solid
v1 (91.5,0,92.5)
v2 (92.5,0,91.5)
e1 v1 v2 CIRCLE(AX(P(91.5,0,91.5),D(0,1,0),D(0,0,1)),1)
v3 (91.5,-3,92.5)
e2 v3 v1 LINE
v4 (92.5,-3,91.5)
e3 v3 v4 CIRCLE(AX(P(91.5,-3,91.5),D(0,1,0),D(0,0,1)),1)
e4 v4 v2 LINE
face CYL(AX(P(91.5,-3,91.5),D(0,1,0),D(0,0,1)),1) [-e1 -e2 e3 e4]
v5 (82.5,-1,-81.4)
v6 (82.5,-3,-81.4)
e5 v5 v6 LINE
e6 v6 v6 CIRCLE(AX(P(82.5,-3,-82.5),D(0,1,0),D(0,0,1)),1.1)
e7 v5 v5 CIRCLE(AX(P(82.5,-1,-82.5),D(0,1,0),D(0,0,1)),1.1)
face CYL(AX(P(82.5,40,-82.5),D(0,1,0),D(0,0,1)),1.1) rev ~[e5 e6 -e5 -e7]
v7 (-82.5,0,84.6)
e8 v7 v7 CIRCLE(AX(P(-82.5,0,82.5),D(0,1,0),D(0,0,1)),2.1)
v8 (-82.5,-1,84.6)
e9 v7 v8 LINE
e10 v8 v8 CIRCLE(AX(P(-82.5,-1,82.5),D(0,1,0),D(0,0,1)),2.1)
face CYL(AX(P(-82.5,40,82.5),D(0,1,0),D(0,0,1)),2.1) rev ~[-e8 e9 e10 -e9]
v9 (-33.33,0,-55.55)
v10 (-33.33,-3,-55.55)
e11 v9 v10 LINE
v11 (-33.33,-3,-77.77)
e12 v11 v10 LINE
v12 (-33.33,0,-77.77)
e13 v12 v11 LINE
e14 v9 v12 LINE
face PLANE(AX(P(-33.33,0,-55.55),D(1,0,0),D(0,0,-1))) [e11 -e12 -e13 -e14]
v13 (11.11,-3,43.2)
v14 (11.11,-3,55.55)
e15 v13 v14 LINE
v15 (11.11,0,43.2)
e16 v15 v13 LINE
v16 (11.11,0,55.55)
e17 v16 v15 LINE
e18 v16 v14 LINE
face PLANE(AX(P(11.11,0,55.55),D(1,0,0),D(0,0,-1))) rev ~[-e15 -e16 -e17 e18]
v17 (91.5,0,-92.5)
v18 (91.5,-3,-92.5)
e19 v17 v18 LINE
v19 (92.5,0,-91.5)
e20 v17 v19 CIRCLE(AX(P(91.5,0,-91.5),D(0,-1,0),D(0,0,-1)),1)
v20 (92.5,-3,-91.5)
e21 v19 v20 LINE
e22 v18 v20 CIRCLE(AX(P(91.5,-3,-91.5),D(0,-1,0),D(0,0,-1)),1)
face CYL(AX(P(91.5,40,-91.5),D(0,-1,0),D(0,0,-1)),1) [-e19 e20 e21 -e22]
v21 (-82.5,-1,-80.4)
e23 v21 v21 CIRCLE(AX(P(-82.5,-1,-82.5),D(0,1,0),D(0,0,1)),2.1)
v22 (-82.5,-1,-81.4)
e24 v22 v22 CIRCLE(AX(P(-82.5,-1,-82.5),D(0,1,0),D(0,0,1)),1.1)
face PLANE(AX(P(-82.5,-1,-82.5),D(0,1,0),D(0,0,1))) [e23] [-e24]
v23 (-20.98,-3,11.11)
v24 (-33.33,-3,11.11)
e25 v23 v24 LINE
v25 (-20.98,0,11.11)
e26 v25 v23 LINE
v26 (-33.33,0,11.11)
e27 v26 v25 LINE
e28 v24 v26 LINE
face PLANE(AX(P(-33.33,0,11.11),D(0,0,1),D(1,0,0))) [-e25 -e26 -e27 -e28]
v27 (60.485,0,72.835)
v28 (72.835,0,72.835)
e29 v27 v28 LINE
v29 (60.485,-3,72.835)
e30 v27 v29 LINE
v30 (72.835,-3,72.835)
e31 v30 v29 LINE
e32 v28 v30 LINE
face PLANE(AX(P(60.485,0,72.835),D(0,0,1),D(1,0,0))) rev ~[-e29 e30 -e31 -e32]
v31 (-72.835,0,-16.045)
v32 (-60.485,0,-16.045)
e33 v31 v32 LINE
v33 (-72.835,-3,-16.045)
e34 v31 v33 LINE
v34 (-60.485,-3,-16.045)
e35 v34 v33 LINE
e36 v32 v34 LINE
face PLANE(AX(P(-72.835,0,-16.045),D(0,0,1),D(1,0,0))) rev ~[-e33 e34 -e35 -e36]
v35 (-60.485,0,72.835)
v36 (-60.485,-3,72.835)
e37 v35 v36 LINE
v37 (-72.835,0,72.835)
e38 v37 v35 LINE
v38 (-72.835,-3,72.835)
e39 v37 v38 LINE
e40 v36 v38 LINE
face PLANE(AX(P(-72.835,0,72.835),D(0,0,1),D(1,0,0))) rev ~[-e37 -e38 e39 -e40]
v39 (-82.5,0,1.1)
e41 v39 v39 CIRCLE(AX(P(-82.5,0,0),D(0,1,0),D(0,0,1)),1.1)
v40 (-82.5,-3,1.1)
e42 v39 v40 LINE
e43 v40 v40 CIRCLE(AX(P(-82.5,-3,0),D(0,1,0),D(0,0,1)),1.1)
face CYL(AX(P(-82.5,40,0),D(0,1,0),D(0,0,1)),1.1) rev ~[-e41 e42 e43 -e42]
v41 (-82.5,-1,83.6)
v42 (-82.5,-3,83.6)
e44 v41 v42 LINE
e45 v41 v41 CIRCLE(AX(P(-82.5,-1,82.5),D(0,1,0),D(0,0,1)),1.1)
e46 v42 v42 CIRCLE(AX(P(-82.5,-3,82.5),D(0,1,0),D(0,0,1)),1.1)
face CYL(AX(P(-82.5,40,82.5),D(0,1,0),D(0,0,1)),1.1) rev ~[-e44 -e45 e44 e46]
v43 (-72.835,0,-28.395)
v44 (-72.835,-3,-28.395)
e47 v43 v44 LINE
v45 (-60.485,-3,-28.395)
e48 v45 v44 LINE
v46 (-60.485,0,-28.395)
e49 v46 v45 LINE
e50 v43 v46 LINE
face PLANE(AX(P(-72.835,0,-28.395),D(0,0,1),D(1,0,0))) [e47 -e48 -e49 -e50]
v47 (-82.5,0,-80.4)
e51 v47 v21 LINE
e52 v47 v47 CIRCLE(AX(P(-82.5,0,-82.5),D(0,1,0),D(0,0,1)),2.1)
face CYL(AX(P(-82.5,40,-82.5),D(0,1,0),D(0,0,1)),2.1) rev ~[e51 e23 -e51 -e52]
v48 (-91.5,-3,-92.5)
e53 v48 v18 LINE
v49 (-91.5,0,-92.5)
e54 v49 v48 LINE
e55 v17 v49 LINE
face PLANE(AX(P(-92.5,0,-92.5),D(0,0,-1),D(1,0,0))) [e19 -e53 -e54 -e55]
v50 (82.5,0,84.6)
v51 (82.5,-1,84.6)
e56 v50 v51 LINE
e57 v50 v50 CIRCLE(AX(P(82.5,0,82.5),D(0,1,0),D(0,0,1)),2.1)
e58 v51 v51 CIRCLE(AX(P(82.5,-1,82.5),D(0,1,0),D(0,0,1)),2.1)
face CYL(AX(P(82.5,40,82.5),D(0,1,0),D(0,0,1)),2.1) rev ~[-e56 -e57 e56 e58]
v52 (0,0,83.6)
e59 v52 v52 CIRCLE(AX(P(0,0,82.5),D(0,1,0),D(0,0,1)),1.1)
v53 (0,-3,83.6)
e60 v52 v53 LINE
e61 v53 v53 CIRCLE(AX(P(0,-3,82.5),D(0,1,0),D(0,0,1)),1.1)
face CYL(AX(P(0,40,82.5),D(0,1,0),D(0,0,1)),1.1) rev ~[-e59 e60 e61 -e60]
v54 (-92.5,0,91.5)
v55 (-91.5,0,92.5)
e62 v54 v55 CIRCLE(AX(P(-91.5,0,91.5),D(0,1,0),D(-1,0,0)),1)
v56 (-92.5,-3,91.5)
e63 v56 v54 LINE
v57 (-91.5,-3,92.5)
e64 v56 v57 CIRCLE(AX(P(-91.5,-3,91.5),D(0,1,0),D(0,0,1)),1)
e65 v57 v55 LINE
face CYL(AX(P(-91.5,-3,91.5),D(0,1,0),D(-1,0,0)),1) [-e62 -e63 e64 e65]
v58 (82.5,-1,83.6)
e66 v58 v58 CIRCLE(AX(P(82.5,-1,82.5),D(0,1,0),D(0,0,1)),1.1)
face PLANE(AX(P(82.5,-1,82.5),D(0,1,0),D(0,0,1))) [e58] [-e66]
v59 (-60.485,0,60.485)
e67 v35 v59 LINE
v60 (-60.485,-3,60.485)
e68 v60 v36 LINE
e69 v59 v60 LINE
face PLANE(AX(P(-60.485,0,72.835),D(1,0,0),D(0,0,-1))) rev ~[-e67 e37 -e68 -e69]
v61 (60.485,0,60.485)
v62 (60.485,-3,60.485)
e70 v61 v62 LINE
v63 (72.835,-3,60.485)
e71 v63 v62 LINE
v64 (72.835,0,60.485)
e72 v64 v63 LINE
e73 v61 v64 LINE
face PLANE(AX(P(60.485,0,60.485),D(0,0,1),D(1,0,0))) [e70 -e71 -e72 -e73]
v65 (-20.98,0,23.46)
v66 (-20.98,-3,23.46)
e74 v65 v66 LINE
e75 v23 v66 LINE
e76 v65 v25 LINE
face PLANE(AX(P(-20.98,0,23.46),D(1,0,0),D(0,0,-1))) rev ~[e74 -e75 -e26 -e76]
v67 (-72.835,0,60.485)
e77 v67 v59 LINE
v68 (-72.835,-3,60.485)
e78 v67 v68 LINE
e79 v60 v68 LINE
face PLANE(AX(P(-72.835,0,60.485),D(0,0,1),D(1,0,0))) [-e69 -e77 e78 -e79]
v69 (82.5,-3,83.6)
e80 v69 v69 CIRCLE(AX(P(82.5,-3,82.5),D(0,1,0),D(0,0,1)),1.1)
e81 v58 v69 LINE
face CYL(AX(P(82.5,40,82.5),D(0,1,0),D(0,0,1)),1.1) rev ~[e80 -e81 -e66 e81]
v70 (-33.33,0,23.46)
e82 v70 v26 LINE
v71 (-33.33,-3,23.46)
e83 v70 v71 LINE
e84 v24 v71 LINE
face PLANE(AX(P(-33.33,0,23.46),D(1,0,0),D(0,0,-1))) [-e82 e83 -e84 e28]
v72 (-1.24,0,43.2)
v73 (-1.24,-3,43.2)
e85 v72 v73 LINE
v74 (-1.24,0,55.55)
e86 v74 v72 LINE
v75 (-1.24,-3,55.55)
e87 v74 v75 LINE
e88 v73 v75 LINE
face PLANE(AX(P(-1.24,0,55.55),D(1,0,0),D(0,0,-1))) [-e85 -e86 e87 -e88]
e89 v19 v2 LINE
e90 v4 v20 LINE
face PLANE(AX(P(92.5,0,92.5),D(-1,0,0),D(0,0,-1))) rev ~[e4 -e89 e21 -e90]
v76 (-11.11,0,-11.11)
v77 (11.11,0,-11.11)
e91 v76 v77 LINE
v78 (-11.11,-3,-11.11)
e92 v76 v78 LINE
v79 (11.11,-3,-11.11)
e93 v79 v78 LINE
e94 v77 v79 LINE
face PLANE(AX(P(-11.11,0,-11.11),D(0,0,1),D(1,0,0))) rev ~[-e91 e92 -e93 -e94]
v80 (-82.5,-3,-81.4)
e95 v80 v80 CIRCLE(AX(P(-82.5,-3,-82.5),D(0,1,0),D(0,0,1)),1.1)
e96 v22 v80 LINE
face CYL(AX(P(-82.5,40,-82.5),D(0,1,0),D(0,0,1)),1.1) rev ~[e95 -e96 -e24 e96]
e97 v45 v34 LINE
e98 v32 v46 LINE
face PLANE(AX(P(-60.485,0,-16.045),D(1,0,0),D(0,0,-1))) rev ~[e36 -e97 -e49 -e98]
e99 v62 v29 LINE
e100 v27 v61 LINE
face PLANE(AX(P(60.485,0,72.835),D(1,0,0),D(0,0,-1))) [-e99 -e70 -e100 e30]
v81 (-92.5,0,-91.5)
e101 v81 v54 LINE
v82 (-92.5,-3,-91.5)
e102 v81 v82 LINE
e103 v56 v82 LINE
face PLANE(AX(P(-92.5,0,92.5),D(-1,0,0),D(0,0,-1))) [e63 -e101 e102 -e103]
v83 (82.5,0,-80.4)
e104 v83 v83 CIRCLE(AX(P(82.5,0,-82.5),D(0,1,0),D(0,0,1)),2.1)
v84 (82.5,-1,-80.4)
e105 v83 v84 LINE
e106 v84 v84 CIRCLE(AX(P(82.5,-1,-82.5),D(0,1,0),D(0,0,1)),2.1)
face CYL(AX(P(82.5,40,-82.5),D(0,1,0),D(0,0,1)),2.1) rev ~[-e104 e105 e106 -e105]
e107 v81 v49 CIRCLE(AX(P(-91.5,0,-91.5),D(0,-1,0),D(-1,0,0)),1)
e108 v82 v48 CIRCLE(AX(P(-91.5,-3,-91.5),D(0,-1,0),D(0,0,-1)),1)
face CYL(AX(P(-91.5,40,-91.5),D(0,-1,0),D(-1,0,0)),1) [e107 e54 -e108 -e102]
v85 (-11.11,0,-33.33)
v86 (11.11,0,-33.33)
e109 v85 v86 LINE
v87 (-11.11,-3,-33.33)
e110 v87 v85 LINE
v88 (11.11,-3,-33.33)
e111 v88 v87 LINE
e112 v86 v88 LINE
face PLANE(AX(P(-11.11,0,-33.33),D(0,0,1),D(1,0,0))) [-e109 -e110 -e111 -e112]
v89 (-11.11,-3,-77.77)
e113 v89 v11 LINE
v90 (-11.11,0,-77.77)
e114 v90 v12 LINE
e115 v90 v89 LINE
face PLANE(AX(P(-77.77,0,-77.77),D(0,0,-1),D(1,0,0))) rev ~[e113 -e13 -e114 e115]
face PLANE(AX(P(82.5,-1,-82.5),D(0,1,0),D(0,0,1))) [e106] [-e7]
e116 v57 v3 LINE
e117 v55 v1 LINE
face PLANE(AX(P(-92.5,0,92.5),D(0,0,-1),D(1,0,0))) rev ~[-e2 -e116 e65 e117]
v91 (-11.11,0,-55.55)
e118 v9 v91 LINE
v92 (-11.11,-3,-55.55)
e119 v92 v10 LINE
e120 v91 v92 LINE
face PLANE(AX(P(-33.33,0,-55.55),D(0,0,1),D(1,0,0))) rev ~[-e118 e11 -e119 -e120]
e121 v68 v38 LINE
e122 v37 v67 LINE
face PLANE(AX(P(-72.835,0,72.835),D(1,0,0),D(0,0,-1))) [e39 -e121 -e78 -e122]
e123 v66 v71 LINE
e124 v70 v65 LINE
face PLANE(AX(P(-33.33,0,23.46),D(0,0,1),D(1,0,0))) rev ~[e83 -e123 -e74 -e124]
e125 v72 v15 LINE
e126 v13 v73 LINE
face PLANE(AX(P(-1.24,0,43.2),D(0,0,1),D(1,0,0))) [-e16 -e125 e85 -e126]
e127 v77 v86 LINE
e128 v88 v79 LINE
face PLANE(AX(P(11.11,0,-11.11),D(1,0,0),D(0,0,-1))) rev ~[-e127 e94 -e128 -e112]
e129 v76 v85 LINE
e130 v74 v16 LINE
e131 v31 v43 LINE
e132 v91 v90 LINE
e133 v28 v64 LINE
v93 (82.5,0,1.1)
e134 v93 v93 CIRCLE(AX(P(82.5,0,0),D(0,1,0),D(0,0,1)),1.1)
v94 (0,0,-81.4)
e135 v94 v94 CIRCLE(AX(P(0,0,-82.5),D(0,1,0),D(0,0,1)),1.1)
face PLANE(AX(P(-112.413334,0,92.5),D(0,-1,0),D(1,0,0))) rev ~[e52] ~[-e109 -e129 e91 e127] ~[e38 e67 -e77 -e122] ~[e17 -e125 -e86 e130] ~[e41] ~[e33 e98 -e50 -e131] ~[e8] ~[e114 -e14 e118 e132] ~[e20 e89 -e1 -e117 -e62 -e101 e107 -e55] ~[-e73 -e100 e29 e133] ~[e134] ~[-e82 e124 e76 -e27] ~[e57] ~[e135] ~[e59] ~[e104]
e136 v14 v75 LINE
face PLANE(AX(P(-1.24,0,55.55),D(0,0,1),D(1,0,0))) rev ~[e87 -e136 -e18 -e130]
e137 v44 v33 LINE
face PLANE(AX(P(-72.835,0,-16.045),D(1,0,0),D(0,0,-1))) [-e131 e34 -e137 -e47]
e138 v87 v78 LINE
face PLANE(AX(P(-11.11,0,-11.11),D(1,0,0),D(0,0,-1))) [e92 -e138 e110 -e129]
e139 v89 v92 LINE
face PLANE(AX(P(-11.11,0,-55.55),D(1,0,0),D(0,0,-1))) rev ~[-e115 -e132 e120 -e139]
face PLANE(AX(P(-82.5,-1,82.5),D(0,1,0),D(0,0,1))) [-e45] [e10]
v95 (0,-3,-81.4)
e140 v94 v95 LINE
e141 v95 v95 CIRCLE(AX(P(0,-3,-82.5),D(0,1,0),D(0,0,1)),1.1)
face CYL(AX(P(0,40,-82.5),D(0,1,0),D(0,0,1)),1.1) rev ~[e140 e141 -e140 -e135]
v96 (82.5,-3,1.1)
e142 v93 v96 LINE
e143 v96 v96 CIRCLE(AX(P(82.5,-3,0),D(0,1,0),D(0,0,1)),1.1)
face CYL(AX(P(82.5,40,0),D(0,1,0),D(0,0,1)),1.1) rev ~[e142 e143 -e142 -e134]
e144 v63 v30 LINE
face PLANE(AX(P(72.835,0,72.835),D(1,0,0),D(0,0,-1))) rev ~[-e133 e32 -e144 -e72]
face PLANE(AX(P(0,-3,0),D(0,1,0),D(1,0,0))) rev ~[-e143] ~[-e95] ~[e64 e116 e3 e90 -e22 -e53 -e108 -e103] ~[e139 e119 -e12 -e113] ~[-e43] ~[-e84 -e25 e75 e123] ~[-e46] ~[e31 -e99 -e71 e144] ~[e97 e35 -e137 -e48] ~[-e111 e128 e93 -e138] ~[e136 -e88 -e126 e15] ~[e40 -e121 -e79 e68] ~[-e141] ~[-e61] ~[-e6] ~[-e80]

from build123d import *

# Parameters (mm, degrees)
ESQUISSE2_W             = 185
ESQUISSE2_H             = 185
BOSS_EXTRU_1_DEPTH      = 3
ESQUISSE3_W             = 185
ESQUISSE3_H             = 185
ESQUISSE3_W_2           = 155.54
ESQUISSE3_H_2           = 155.54
BOSS_EXTRU_2_DEPTH      = 40
BOSS_EXTRU_3_DEPTH      = 20
ENL_V_MAT_EXTRU_1_REACH = 5
ESQUISSE5_W             = 22.22
ESQUISSE5_H             = 22.22
ESQUISSE5_W_2           = 12.35
ESQUISSE5_H_2           = 12.35
CONG_1_R                = 1
ESQUISSE6_R             = 1.1
ENL_V_MAT_EXTRU_2_DEPTH = 44
ESQUISSE7_R             = 2.1
ENL_V_MAT_EXTRU_3_DEPTH = 41
ESQUISSE8_W             = 226.485362767
ESQUISSE8_H             = 93.740227698
ENL_V_MAT_EXTRU_4_DEPTH = 186


with BuildPart() as part:
    # Esquisse2 → Boss.-Extru.1 (new body)
    with BuildSketch(Plane(origin=(0, 0, 0), x_dir=(1, 0, 0), z_dir=(0, 1, 0))):
        Rectangle(ESQUISSE2_W, ESQUISSE2_H)
    extrude(amount=-BOSS_EXTRU_1_DEPTH)

    # Esquisse3 → Boss.-Extru.2 (add)
    with BuildSketch(Plane(origin=(0, 0, 0), x_dir=(1, 0, 0), z_dir=(0, 1, 0))):
        Rectangle(ESQUISSE3_W, ESQUISSE3_H)
        Rectangle(ESQUISSE3_W_2, ESQUISSE3_H_2, mode=Mode.SUBTRACT)
    extrude(amount=BOSS_EXTRU_2_DEPTH)

    # Esquisse4 → Boss.-Extru.3 (add)
    with BuildSketch(Plane(origin=(0, 0, 0), x_dir=(1, 0, 0), z_dir=(0, 1, 0))):
        Polygon((-55.55, 77.77), (-33.33, 77.77), (-33.33, 55.55), (11.11, 55.55), (11.11, 33.33), (-11.11, 33.33), (-11.11, -11.11), (-33.33, -11.11), (-33.33, -55.55), (-55.55, -55.55), (-55.55, 11.11), (-33.33, 11.11), (-33.33, 33.33), (-55.55, 33.33), align=None)
        Polygon((33.33, 55.55), (55.55, 55.55), (55.55, -55.55), (33.33, -55.55), (33.33, -77.77), (11.11, -77.77), (11.11, -33.33), (33.33, -33.33), align=None)
    extrude(amount=BOSS_EXTRU_3_DEPTH)

    # Esquisse5 → Enlèv. mat.-Extru.1 (cut, up to next)
    with BuildSketch(Plane(origin=(0, 0, 0), x_dir=(1, 0, 0), z_dir=(0, 1, 0)), mode=Mode.PRIVATE) as enl_v_mat_extru_1_sk1:
        with Locations((-22.22, 66.66)):
            Rectangle(ESQUISSE5_W, ESQUISSE5_H)
    enl_v_mat_extru_1_tool1 = extrude(enl_v_mat_extru_1_sk1.sketch, amount=-ENL_V_MAT_EXTRU_1_REACH, mode=Mode.PRIVATE) & part.part
    add(enl_v_mat_extru_1_tool1.solids().sort_by_distance((-22.22, 0, -66.66))[0], mode=Mode.SUBTRACT)
    # Esquisse5 → Enlèv. mat.-Extru.1 (cut, up to next)
    with BuildSketch(Plane(origin=(0, 0, 0), x_dir=(1, 0, 0), z_dir=(0, 1, 0)), mode=Mode.PRIVATE) as enl_v_mat_extru_1_sk2:
        with Locations((0, 22.22)):
            Rectangle(ESQUISSE5_W, ESQUISSE5_H)
    enl_v_mat_extru_1_tool2 = extrude(enl_v_mat_extru_1_sk2.sketch, amount=-ENL_V_MAT_EXTRU_1_REACH, mode=Mode.PRIVATE) & part.part
    add(enl_v_mat_extru_1_tool2.solids().sort_by_distance((0, 0, -22.22))[0], mode=Mode.SUBTRACT)
    # Esquisse5 → Enlèv. mat.-Extru.1 (cut, up to next)
    with BuildSketch(Plane(origin=(0, 0, 0), x_dir=(1, 0, 0), z_dir=(0, 1, 0)), mode=Mode.PRIVATE) as enl_v_mat_extru_1_sk3:
        with Locations((-27.155, -17.285)):
            Rectangle(ESQUISSE5_W_2, ESQUISSE5_H_2)
    enl_v_mat_extru_1_tool3 = extrude(enl_v_mat_extru_1_sk3.sketch, amount=-ENL_V_MAT_EXTRU_1_REACH, mode=Mode.PRIVATE) & part.part
    add(enl_v_mat_extru_1_tool3.solids().sort_by_distance((-27.155, 0, 17.285))[0], mode=Mode.SUBTRACT)
    # Esquisse5 → Enlèv. mat.-Extru.1 (cut, up to next)
    with BuildSketch(Plane(origin=(0, 0, 0), x_dir=(1, 0, 0), z_dir=(0, 1, 0)), mode=Mode.PRIVATE) as enl_v_mat_extru_1_sk4:
        with Locations((-66.66, 22.22)):
            Rectangle(ESQUISSE5_W_2, ESQUISSE5_H_2)
    enl_v_mat_extru_1_tool4 = extrude(enl_v_mat_extru_1_sk4.sketch, amount=-ENL_V_MAT_EXTRU_1_REACH, mode=Mode.PRIVATE) & part.part
    add(enl_v_mat_extru_1_tool4.solids().sort_by_distance((-66.66, 0, -22.22))[0], mode=Mode.SUBTRACT)
    # Esquisse5 → Enlèv. mat.-Extru.1 (cut, up to next)
    with BuildSketch(Plane(origin=(0, 0, 0), x_dir=(1, 0, 0), z_dir=(0, 1, 0)), mode=Mode.PRIVATE) as enl_v_mat_extru_1_sk5:
        with Locations((-66.66, -66.66)):
            Rectangle(ESQUISSE5_W_2, ESQUISSE5_H_2)
    enl_v_mat_extru_1_tool5 = extrude(enl_v_mat_extru_1_sk5.sketch, amount=-ENL_V_MAT_EXTRU_1_REACH, mode=Mode.PRIVATE) & part.part
    add(enl_v_mat_extru_1_tool5.solids().sort_by_distance((-66.66, 0, 66.66))[0], mode=Mode.SUBTRACT)
    # Esquisse5 → Enlèv. mat.-Extru.1 (cut, up to next)
    with BuildSketch(Plane(origin=(0, 0, 0), x_dir=(1, 0, 0), z_dir=(0, 1, 0)), mode=Mode.PRIVATE) as enl_v_mat_extru_1_sk6:
        with Locations((66.66, -66.66)):
            Rectangle(ESQUISSE5_W_2, ESQUISSE5_H_2)
    enl_v_mat_extru_1_tool6 = extrude(enl_v_mat_extru_1_sk6.sketch, amount=-ENL_V_MAT_EXTRU_1_REACH, mode=Mode.PRIVATE) & part.part
    add(enl_v_mat_extru_1_tool6.solids().sort_by_distance((66.66, 0, 66.66))[0], mode=Mode.SUBTRACT)
    # Esquisse5 → Enlèv. mat.-Extru.1 (cut, up to next)
    with BuildSketch(Plane(origin=(0, 0, 0), x_dir=(1, 0, 0), z_dir=(0, 1, 0)), mode=Mode.PRIVATE) as enl_v_mat_extru_1_sk7:
        with Locations((4.935, -49.375)):
            Rectangle(ESQUISSE5_W_2, ESQUISSE5_H_2)
    enl_v_mat_extru_1_tool7 = extrude(enl_v_mat_extru_1_sk7.sketch, amount=-ENL_V_MAT_EXTRU_1_REACH, mode=Mode.PRIVATE) & part.part
    add(enl_v_mat_extru_1_tool7.solids().sort_by_distance((4.935, 0, 49.375))[0], mode=Mode.SUBTRACT)

    # Congé1
    cong_1_edges = [part.edges().sort_by_distance(p)[0] for p in [
        (-92.5, 40, 0),
        (0, 40, 92.5),
        (92.5, 40, 0),
        (0, 40, -92.5),
        (-92.5, 18.5, -92.5),
        (92.5, 18.5, -92.5),
        (92.5, 18.5, 92.5),
        (-92.5, 18.5, 92.5),
    ]]
    fillet(cong_1_edges, radius=CONG_1_R)

    # Esquisse6 → Enlèv. mat.-Extru.2 (cut, through all)
    with BuildSketch(Plane(origin=(0, 40, 0), x_dir=(1, 0, 0), z_dir=(0, 1, 0))):
        with Locations(Location((-82.5, -82.5, 0), (0, 0, 270))):  # turned: the seam where the file's is
            Circle(ESQUISSE6_R)
        with Locations(Location((82.5, -82.5, 0), (0, 0, 270))):  # turned: the seam where the file's is
            Circle(ESQUISSE6_R)
        with Locations(Location((82.5, 82.5, 0), (0, 0, 270))):  # turned: the seam where the file's is
            Circle(ESQUISSE6_R)
        with Locations(Location((-82.5, 82.5, 0), (0, 0, 270))):  # turned: the seam where the file's is
            Circle(ESQUISSE6_R)
        with Locations(Location((0, 82.5, 0), (0, 0, 270))):  # turned: the seam where the file's is
            Circle(ESQUISSE6_R)
        with Locations(Location((-82.5, 0, 0), (0, 0, 270))):  # turned: the seam where the file's is
            Circle(ESQUISSE6_R)
        with Locations(Location((82.5, 0, 0), (0, 0, 270))):  # turned: the seam where the file's is
            Circle(ESQUISSE6_R)
        with Locations(Location((0, -82.5, 0), (0, 0, 270))):  # turned: the seam where the file's is
            Circle(ESQUISSE6_R)
    extrude(amount=-ENL_V_MAT_EXTRU_2_DEPTH, mode=Mode.SUBTRACT)

    # Esquisse7 → Enlèv. mat.-Extru.3 (cut)
    with BuildSketch(Plane(origin=(0, 40, 0), x_dir=(1, 0, 0), z_dir=(0, 1, 0))):
        with Locations(Location((-82.5, -82.5, 0), (0, 0, 270))):  # turned: the seam where the file's is
            Circle(ESQUISSE7_R)
        with Locations(Location((-82.5, 82.5, 0), (0, 0, 270))):  # turned: the seam where the file's is
            Circle(ESQUISSE7_R)
        with Locations(Location((82.5, 82.5, 0), (0, 0, 270))):  # turned: the seam where the file's is
            Circle(ESQUISSE7_R)
        with Locations(Location((82.5, -82.5, 0), (0, 0, 270))):  # turned: the seam where the file's is
            Circle(ESQUISSE7_R)
    extrude(amount=-ENL_V_MAT_EXTRU_3_DEPTH, mode=Mode.SUBTRACT)

    # Esquisse8 → Enlèv. mat.-Extru.4 (cut, through all)
    with BuildSketch(Plane.XY.offset(92.5)):
        with Locations((0.829347629, 46.870113849)):
            Rectangle(ESQUISSE8_W, ESQUISSE8_H)
    extrude(amount=-ENL_V_MAT_EXTRU_4_DEPTH, mode=Mode.SUBTRACT)


solid = part.part
